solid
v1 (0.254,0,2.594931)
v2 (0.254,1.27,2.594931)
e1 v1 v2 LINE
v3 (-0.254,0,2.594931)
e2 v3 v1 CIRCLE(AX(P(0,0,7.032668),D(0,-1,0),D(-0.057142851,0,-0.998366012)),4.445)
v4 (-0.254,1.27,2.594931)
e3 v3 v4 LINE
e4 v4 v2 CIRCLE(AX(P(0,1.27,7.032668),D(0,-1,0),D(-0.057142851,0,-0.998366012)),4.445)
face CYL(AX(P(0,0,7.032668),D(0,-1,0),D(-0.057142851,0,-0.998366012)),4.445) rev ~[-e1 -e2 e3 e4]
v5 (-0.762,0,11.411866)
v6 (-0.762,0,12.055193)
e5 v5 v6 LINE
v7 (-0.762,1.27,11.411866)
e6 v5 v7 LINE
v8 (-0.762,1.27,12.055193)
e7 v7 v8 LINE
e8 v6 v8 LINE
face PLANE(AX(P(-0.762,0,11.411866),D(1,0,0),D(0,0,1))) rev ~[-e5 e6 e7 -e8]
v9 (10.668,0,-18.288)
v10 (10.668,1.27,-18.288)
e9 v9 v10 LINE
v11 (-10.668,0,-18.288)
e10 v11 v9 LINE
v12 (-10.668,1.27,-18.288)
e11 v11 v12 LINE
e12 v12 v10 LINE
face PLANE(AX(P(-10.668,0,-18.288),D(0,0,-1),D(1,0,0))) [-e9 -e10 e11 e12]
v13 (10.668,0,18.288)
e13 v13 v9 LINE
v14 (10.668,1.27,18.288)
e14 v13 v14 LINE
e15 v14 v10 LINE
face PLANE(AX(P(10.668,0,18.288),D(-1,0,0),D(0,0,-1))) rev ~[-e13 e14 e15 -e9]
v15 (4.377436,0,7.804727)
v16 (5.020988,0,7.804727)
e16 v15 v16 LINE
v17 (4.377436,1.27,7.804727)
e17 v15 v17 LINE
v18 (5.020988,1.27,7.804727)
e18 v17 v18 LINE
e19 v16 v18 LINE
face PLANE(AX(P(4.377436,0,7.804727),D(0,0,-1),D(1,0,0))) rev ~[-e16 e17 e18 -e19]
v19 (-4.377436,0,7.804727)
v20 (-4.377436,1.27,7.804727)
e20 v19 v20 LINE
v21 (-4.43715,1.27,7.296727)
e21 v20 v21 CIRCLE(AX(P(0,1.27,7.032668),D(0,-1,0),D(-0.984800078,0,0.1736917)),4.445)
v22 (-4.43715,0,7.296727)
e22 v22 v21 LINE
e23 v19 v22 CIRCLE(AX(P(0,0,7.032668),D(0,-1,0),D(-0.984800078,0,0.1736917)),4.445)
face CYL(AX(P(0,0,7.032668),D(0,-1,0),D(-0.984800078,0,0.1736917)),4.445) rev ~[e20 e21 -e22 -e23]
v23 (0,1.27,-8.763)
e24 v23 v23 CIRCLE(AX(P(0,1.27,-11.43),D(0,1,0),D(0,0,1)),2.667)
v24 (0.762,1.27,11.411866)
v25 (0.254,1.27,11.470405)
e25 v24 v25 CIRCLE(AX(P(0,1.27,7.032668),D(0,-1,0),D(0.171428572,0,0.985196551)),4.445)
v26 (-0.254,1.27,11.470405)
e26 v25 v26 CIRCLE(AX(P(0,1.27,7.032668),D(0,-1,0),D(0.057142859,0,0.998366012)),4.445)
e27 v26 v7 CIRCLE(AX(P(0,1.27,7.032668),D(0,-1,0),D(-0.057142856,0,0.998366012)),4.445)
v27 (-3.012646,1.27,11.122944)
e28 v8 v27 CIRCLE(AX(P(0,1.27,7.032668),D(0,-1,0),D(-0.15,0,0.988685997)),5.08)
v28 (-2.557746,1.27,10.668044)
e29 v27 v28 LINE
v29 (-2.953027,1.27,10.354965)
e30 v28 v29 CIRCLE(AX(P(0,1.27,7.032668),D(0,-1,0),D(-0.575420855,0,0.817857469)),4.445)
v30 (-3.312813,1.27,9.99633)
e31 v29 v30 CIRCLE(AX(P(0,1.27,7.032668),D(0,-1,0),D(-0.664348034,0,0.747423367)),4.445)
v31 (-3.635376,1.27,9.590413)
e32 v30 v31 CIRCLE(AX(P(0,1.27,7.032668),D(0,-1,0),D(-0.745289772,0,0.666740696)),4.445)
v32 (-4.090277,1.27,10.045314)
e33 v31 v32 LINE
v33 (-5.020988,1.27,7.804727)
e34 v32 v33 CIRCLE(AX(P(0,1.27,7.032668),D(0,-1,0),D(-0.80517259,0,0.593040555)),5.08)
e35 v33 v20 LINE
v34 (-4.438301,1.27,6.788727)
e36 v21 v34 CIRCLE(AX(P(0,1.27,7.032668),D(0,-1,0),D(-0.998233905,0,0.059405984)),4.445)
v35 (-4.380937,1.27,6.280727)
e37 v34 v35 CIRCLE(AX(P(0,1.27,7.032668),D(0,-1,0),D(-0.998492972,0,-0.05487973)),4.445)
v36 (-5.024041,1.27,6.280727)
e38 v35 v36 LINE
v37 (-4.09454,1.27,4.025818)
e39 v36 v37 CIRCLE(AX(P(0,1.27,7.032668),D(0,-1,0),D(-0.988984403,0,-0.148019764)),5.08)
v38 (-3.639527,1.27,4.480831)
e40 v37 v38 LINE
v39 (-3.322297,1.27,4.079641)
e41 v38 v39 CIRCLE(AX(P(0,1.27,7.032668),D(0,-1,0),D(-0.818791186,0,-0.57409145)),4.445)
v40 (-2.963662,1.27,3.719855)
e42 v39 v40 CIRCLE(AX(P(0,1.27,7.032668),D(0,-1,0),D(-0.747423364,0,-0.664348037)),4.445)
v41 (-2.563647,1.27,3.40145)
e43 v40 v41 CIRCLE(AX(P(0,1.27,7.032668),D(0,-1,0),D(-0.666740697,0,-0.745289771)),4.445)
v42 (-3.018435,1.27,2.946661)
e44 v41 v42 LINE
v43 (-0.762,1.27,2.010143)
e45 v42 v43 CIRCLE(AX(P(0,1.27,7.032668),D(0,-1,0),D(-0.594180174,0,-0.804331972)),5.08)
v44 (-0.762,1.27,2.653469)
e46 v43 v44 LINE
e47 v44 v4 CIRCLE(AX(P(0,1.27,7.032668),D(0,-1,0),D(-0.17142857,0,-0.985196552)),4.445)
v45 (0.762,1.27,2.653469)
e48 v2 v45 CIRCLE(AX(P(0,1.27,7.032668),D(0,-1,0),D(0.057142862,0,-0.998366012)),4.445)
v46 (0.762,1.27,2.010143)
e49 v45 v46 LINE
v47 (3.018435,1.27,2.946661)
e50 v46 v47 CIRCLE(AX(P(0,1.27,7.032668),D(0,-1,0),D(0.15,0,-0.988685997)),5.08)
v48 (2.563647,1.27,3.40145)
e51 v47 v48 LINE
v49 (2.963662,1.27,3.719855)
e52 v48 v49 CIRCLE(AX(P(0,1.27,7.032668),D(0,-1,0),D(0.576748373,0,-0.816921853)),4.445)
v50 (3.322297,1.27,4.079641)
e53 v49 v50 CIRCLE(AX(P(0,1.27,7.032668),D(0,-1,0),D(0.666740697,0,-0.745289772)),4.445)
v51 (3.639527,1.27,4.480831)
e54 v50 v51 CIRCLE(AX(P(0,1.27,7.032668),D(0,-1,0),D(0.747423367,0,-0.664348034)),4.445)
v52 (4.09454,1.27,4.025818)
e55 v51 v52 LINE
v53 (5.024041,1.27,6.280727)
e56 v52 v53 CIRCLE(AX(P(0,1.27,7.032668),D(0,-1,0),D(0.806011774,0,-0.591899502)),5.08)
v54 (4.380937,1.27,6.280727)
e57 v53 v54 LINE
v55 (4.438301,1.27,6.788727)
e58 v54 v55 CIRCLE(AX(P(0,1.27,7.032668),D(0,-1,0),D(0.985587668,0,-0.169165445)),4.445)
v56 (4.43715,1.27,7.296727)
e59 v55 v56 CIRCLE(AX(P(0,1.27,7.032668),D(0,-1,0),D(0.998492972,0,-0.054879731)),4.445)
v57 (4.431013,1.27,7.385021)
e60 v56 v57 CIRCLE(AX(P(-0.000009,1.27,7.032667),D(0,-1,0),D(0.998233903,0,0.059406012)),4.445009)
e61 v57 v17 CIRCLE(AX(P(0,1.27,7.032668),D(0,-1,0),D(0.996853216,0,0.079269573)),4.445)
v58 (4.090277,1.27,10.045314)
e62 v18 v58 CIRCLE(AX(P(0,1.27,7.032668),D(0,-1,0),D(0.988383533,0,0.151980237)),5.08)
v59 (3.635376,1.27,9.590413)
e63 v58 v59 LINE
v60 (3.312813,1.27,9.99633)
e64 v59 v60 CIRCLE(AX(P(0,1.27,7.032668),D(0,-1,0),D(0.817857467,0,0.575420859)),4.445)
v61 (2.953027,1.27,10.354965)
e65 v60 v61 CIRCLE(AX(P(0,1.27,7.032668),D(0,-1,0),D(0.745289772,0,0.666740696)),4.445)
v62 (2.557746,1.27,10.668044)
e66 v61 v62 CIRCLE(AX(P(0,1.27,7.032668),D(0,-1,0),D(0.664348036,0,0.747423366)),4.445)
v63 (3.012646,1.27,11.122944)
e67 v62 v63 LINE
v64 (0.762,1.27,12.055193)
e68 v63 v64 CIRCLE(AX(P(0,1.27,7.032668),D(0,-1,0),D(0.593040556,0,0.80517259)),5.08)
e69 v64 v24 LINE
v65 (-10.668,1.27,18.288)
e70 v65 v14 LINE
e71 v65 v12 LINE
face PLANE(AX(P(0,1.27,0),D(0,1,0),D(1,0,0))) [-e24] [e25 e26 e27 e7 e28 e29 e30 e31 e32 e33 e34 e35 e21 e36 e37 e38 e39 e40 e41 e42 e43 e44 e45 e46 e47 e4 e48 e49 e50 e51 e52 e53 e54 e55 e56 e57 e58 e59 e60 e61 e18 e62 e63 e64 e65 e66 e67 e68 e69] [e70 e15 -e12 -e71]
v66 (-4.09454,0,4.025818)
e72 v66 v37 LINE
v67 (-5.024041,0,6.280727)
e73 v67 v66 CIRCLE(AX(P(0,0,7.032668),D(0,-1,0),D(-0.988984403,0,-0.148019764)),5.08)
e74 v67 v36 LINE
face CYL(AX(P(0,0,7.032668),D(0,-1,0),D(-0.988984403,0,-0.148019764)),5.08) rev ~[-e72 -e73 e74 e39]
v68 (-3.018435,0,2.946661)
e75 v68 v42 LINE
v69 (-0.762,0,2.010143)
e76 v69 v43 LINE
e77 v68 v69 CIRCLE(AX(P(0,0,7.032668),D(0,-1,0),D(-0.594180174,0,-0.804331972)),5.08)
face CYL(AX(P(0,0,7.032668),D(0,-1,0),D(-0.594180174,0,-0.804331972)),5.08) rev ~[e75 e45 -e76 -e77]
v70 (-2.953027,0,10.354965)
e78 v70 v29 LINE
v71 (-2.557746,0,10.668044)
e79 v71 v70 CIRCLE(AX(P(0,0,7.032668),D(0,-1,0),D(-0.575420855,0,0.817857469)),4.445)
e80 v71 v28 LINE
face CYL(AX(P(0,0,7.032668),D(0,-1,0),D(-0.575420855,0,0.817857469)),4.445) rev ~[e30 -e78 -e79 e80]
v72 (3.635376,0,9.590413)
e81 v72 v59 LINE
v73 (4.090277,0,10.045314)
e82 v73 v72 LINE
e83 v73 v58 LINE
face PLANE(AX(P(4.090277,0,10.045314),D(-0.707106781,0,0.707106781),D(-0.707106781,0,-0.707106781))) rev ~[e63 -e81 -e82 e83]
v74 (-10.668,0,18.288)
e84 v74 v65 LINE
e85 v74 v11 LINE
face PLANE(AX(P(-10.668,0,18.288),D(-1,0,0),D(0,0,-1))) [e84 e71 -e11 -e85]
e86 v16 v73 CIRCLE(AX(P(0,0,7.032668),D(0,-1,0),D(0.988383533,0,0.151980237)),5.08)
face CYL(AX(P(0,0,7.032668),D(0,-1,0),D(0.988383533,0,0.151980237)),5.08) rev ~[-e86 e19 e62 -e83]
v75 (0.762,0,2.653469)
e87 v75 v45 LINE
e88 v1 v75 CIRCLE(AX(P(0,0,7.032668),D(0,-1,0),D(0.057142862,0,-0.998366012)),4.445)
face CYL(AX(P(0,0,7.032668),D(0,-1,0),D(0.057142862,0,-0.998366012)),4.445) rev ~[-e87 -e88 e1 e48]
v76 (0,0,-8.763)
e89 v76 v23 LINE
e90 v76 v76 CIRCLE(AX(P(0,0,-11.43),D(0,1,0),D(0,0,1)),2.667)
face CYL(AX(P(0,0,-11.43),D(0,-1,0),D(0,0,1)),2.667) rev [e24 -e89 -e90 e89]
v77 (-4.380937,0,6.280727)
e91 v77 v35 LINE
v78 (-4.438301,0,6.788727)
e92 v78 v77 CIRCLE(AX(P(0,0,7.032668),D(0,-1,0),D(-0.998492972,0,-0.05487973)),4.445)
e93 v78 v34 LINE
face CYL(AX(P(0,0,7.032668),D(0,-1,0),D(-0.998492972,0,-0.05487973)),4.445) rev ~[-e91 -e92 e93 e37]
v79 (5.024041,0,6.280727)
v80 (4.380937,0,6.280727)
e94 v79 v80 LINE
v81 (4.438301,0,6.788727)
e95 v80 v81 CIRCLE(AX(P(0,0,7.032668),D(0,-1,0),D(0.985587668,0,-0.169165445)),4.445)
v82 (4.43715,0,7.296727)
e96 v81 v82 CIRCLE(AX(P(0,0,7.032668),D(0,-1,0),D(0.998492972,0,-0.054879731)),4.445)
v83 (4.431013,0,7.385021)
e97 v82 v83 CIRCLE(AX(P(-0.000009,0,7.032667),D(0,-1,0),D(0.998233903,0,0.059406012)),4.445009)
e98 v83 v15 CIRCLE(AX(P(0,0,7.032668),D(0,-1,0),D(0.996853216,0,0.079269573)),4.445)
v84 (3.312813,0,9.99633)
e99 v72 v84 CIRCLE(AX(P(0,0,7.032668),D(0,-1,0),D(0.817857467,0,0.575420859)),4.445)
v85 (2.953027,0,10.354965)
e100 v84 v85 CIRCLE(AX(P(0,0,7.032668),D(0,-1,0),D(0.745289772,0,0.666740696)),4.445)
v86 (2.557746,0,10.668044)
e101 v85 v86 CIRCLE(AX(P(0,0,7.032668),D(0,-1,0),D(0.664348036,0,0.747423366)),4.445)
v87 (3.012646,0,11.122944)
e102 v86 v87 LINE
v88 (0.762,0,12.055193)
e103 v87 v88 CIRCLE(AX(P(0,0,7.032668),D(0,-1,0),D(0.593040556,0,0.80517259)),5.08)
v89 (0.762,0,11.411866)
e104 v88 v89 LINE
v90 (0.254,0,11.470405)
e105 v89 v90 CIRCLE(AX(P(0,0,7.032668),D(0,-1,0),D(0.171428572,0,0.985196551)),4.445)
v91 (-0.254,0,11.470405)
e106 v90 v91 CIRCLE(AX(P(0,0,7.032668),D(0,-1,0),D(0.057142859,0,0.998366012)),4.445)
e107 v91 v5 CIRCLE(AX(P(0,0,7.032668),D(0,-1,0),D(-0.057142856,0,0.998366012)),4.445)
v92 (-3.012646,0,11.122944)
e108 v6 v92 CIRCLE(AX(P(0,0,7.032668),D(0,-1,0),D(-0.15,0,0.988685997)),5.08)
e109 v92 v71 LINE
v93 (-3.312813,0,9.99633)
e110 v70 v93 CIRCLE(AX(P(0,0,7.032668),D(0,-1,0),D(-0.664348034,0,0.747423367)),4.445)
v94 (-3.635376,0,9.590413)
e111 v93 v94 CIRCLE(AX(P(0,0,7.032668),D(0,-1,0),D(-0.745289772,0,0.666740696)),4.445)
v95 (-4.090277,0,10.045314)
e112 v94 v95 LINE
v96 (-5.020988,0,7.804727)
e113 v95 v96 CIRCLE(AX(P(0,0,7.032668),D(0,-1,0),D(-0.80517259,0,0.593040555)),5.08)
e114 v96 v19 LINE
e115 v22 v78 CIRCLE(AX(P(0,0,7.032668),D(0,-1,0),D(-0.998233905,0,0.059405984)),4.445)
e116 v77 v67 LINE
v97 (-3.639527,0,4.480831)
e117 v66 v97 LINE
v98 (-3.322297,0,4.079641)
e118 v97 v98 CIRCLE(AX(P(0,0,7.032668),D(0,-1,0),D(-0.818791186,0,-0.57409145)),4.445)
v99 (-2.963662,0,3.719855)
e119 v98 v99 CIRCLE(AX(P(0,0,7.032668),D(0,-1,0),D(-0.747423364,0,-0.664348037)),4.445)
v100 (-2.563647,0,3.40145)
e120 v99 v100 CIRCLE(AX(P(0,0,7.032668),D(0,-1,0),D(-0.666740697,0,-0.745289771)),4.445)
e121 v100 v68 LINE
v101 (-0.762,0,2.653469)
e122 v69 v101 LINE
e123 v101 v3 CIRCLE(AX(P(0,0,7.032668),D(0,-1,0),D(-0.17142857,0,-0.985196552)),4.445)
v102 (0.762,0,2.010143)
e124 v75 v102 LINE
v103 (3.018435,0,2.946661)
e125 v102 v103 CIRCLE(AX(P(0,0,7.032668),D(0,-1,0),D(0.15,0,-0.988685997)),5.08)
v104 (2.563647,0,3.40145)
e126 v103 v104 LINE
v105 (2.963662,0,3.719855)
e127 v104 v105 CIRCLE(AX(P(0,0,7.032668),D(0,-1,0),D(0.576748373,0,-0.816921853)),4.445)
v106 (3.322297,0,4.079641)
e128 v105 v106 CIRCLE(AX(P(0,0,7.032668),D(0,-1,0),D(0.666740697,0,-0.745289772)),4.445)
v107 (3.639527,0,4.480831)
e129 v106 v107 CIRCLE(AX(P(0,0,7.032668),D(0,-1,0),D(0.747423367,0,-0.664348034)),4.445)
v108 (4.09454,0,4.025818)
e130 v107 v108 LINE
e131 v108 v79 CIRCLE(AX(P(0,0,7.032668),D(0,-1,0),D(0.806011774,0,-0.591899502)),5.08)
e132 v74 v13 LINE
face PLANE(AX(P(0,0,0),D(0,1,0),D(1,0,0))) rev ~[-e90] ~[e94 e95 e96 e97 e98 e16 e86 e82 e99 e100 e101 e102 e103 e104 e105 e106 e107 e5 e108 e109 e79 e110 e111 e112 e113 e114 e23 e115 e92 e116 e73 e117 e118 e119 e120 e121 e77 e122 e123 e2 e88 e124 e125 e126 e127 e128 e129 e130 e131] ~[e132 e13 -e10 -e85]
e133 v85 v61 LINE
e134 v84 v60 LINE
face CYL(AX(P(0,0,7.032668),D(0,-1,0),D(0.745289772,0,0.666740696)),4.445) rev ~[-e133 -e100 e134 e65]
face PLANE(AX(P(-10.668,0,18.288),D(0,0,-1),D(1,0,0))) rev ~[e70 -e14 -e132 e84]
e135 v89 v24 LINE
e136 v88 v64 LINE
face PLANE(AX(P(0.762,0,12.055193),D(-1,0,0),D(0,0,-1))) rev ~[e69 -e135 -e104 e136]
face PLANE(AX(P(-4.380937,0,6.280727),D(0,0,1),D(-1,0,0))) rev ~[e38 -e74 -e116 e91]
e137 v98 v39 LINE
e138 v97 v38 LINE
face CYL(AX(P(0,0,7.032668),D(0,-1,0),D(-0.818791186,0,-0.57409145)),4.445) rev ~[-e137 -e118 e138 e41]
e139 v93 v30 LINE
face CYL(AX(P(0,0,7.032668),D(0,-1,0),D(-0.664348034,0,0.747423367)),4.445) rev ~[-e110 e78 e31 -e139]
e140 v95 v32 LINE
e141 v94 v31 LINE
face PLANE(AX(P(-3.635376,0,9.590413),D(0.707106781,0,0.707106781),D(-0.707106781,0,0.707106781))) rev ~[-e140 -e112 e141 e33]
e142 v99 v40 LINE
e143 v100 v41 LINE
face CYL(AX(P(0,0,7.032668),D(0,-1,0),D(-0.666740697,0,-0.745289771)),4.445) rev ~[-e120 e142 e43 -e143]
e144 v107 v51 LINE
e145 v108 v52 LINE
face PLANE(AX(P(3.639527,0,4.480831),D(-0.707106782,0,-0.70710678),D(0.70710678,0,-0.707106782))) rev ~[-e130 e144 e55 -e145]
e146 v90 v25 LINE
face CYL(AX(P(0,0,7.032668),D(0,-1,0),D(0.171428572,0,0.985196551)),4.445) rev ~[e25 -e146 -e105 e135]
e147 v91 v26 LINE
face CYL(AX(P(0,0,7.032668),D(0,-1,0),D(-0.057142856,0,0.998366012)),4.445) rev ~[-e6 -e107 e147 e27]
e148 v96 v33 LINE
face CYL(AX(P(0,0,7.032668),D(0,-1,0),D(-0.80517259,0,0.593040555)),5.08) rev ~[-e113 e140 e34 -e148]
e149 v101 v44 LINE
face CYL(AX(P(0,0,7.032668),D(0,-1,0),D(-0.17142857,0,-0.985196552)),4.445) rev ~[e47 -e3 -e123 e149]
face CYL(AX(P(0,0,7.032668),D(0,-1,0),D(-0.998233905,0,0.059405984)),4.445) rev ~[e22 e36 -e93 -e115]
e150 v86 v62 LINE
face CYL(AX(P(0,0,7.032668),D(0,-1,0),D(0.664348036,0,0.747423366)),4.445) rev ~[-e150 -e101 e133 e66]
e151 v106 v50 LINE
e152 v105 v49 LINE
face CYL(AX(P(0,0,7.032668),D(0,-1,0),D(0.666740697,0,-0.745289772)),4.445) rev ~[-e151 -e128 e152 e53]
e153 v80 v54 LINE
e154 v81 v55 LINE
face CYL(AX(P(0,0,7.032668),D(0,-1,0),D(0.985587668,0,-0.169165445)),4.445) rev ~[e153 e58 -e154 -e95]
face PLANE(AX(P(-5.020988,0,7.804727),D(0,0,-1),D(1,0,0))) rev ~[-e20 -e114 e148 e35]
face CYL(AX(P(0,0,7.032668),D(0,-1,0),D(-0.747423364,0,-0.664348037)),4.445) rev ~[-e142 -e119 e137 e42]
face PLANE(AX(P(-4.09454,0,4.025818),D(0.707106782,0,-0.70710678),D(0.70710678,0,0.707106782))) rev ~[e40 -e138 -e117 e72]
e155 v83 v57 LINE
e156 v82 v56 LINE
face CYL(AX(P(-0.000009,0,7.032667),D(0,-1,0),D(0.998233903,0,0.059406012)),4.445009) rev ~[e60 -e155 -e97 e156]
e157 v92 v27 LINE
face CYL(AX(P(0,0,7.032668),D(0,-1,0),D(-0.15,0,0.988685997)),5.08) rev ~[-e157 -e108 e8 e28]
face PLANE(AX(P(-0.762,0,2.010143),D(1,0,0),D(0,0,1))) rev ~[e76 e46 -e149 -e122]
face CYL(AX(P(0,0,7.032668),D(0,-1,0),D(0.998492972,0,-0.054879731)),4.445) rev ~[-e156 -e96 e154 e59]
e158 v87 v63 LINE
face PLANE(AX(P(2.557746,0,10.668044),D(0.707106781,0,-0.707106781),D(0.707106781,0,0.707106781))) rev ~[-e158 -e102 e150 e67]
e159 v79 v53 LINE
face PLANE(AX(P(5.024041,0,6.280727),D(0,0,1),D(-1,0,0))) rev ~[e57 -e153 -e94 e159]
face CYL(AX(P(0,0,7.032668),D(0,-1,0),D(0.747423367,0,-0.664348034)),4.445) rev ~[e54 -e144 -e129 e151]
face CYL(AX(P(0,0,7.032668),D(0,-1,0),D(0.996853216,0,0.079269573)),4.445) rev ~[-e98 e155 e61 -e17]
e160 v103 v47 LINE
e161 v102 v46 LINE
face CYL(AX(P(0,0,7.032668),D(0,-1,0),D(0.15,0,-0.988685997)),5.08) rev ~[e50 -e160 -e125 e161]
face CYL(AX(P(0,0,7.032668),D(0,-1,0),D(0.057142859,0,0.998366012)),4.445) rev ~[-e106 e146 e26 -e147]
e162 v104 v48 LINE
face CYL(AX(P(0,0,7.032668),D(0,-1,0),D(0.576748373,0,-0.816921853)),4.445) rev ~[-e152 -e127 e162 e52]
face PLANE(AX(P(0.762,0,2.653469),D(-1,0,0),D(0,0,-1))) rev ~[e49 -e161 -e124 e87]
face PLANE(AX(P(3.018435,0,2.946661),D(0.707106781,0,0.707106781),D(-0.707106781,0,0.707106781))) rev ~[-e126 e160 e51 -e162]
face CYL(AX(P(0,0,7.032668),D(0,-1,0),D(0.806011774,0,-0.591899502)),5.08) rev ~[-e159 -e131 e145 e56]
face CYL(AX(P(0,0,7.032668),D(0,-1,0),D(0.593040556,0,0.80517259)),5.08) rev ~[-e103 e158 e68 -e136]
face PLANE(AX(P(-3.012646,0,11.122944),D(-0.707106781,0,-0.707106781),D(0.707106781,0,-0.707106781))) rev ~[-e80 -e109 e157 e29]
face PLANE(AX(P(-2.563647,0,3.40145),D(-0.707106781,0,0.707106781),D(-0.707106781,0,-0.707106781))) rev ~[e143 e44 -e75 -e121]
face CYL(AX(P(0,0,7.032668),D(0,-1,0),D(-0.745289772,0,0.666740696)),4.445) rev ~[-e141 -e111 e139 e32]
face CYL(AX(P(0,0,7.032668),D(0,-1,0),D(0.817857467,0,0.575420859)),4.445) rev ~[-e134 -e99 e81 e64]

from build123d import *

# Parameters (mm, degrees)
SKETCH1_W           = 21.336
SKETCH1_H           = 36.576
SKETCH1_R           = 2.667
BOSS_EXTRUDE1_DEPTH = 1.27


with BuildPart() as part:
    # Sketch1 → Boss-Extrude1 (new body)
    with BuildSketch(Plane(origin=(0, 0, 0), x_dir=(1, 0, 0), z_dir=(0, 1, 0))):
        Rectangle(SKETCH1_W, SKETCH1_H)
        with BuildLine():
            Line((3.018435283, -2.946661255), (2.56364651, -3.401450028))
            ThreePointArc((2.56364651, -3.401450028), (2.768236135, -3.554896302), (2.963662393, -3.719854635))
            ThreePointArc((2.963662393, -3.719854635), (3.148123637, -3.8946201), (3.322296862, -4.079640655))
            ThreePointArc((3.322296862, -4.079640655), (3.486686927, -4.275669436), (3.639526827, -4.480831181))
            Line((3.639526827, -4.480831181), (4.094539809, -4.025818198))
            ThreePointArc((4.094539809, -4.025818198), (4.696624497, -5.096661904), (5.024040768, -6.280727273))
            Line((5.024040768, -6.280727273), (4.380937187, -6.280727273))
            ThreePointArc((4.380937187, -6.280727273), (4.416928537, -6.533901895), (4.438301261, -6.788727273))
            ThreePointArc((4.438301261, -6.788727273), (4.44498858, -7.042743737), (4.437149708, -7.296727273))
            ThreePointArc((4.437149708, -7.296727273), (4.43430089, -7.340889368), (4.431012547, -7.385020912))
            ThreePointArc((4.431012547, -7.385020912), (4.409221171, -7.595511932), (4.377436347, -7.804727273))
            Line((4.377436347, -7.804727273), (5.020988346, -7.804727273))
            ThreePointArc((5.020988346, -7.804727273), (4.691358526, -8.981399356), (4.090276757, -10.045313694))
            Line((4.090276757, -10.045313694), (3.635376444, -9.590413381))
            ThreePointArc((3.635376444, -9.590413381), (3.480018154, -9.798078789), (3.312813037, -9.996330065))
            ThreePointArc((3.312813037, -9.996330065), (3.138047572, -10.180791309), (2.953027016, -10.354964534))
            ThreePointArc((2.953027016, -10.354964534), (2.759829472, -10.51711401), (2.557745709, -10.668044115))
            Line((2.557745709, -10.668044115), (3.012646022, -11.122944428))
            ThreePointArc((3.012646022, -11.122944428), (1.944031836, -11.725975697), (0.762, -12.055192535))
            Line((0.762, -12.055192535), (0.762, -11.411866343))
            ThreePointArc((0.762, -11.411866343), (0.508842492, -11.448446688), (0.254, -11.470404595))
            ThreePointArc((0.254, -11.470404595), (0, -11.477667672), (-0.254, -11.470404595))
            ThreePointArc((-0.254, -11.470404595), (-0.508842492, -11.448446688), (-0.762, -11.411866343))
            Line((-0.762, -11.411866343), (-0.762, -12.055192535))
            ThreePointArc((-0.762, -12.055192535), (-1.944031836, -11.725975697), (-3.012646022, -11.122944428))
            Line((-3.012646022, -11.122944428), (-2.557745709, -10.668044115))
            ThreePointArc((-2.557745709, -10.668044115), (-2.759829472, -10.51711401), (-2.953027016, -10.354964534))
            ThreePointArc((-2.953027016, -10.354964534), (-3.138047572, -10.180791309), (-3.312813037, -9.996330065))
            ThreePointArc((-3.312813037, -9.996330065), (-3.480018154, -9.798078789), (-3.635376444, -9.590413381))
            Line((-3.635376444, -9.590413381), (-4.090276757, -10.045313694))
            ThreePointArc((-4.090276757, -10.045313694), (-4.691358526, -8.981399356), (-5.020988346, -7.804727273))
            Line((-5.020988346, -7.804727273), (-4.377436347, -7.804727273))
            ThreePointArc((-4.377436347, -7.804727273), (-4.414606192, -7.551586906), (-4.437149708, -7.296727273))
            ThreePointArc((-4.437149708, -7.296727273), (-4.44498858, -7.042743737), (-4.438301261, -6.788727273))
            ThreePointArc((-4.438301261, -6.788727273), (-4.416928537, -6.533901895), (-4.380937187, -6.280727273))
            Line((-4.380937187, -6.280727273), (-5.024040768, -6.280727273))
            ThreePointArc((-5.024040768, -6.280727273), (-4.696624497, -5.096661904), (-4.094539809, -4.025818198))
            Line((-4.094539809, -4.025818198), (-3.639526827, -4.480831181))
            ThreePointArc((-3.639526827, -4.480831181), (-3.486686927, -4.275669436), (-3.322296862, -4.079640655))
            ThreePointArc((-3.322296862, -4.079640655), (-3.148123637, -3.8946201), (-2.963662393, -3.719854635))
            ThreePointArc((-2.963662393, -3.719854635), (-2.768236135, -3.554896302), (-2.56364651, -3.401450028))
            Line((-2.56364651, -3.401450028), (-3.018435283, -2.946661255))
            ThreePointArc((-3.018435283, -2.946661255), (-1.94735447, -2.340737305), (-0.762, -2.010142809))
            Line((-0.762, -2.010142809), (-0.762, -2.653469001))
            ThreePointArc((-0.762, -2.653469001), (-0.508842492, -2.616888656), (-0.254, -2.594930748))
            ThreePointArc((-0.254, -2.594930748), (0, -2.587667672), (0.254, -2.594930748))
            ThreePointArc((0.254, -2.594930748), (0.508842492, -2.616888656), (0.762, -2.653469001))
            Line((0.762, -2.653469001), (0.762, -2.010142809))
            ThreePointArc((0.762, -2.010142809), (1.94735447, -2.340737305), (3.018435283, -2.946661255))
        make_face(mode=Mode.SUBTRACT)
        with Locations(Location((0, 11.43, 0), (0, 0, 270))):
            Circle(SKETCH1_R, mode=Mode.SUBTRACT)
    extrude(amount=BOSS_EXTRUDE1_DEPTH)


solid = part.part
